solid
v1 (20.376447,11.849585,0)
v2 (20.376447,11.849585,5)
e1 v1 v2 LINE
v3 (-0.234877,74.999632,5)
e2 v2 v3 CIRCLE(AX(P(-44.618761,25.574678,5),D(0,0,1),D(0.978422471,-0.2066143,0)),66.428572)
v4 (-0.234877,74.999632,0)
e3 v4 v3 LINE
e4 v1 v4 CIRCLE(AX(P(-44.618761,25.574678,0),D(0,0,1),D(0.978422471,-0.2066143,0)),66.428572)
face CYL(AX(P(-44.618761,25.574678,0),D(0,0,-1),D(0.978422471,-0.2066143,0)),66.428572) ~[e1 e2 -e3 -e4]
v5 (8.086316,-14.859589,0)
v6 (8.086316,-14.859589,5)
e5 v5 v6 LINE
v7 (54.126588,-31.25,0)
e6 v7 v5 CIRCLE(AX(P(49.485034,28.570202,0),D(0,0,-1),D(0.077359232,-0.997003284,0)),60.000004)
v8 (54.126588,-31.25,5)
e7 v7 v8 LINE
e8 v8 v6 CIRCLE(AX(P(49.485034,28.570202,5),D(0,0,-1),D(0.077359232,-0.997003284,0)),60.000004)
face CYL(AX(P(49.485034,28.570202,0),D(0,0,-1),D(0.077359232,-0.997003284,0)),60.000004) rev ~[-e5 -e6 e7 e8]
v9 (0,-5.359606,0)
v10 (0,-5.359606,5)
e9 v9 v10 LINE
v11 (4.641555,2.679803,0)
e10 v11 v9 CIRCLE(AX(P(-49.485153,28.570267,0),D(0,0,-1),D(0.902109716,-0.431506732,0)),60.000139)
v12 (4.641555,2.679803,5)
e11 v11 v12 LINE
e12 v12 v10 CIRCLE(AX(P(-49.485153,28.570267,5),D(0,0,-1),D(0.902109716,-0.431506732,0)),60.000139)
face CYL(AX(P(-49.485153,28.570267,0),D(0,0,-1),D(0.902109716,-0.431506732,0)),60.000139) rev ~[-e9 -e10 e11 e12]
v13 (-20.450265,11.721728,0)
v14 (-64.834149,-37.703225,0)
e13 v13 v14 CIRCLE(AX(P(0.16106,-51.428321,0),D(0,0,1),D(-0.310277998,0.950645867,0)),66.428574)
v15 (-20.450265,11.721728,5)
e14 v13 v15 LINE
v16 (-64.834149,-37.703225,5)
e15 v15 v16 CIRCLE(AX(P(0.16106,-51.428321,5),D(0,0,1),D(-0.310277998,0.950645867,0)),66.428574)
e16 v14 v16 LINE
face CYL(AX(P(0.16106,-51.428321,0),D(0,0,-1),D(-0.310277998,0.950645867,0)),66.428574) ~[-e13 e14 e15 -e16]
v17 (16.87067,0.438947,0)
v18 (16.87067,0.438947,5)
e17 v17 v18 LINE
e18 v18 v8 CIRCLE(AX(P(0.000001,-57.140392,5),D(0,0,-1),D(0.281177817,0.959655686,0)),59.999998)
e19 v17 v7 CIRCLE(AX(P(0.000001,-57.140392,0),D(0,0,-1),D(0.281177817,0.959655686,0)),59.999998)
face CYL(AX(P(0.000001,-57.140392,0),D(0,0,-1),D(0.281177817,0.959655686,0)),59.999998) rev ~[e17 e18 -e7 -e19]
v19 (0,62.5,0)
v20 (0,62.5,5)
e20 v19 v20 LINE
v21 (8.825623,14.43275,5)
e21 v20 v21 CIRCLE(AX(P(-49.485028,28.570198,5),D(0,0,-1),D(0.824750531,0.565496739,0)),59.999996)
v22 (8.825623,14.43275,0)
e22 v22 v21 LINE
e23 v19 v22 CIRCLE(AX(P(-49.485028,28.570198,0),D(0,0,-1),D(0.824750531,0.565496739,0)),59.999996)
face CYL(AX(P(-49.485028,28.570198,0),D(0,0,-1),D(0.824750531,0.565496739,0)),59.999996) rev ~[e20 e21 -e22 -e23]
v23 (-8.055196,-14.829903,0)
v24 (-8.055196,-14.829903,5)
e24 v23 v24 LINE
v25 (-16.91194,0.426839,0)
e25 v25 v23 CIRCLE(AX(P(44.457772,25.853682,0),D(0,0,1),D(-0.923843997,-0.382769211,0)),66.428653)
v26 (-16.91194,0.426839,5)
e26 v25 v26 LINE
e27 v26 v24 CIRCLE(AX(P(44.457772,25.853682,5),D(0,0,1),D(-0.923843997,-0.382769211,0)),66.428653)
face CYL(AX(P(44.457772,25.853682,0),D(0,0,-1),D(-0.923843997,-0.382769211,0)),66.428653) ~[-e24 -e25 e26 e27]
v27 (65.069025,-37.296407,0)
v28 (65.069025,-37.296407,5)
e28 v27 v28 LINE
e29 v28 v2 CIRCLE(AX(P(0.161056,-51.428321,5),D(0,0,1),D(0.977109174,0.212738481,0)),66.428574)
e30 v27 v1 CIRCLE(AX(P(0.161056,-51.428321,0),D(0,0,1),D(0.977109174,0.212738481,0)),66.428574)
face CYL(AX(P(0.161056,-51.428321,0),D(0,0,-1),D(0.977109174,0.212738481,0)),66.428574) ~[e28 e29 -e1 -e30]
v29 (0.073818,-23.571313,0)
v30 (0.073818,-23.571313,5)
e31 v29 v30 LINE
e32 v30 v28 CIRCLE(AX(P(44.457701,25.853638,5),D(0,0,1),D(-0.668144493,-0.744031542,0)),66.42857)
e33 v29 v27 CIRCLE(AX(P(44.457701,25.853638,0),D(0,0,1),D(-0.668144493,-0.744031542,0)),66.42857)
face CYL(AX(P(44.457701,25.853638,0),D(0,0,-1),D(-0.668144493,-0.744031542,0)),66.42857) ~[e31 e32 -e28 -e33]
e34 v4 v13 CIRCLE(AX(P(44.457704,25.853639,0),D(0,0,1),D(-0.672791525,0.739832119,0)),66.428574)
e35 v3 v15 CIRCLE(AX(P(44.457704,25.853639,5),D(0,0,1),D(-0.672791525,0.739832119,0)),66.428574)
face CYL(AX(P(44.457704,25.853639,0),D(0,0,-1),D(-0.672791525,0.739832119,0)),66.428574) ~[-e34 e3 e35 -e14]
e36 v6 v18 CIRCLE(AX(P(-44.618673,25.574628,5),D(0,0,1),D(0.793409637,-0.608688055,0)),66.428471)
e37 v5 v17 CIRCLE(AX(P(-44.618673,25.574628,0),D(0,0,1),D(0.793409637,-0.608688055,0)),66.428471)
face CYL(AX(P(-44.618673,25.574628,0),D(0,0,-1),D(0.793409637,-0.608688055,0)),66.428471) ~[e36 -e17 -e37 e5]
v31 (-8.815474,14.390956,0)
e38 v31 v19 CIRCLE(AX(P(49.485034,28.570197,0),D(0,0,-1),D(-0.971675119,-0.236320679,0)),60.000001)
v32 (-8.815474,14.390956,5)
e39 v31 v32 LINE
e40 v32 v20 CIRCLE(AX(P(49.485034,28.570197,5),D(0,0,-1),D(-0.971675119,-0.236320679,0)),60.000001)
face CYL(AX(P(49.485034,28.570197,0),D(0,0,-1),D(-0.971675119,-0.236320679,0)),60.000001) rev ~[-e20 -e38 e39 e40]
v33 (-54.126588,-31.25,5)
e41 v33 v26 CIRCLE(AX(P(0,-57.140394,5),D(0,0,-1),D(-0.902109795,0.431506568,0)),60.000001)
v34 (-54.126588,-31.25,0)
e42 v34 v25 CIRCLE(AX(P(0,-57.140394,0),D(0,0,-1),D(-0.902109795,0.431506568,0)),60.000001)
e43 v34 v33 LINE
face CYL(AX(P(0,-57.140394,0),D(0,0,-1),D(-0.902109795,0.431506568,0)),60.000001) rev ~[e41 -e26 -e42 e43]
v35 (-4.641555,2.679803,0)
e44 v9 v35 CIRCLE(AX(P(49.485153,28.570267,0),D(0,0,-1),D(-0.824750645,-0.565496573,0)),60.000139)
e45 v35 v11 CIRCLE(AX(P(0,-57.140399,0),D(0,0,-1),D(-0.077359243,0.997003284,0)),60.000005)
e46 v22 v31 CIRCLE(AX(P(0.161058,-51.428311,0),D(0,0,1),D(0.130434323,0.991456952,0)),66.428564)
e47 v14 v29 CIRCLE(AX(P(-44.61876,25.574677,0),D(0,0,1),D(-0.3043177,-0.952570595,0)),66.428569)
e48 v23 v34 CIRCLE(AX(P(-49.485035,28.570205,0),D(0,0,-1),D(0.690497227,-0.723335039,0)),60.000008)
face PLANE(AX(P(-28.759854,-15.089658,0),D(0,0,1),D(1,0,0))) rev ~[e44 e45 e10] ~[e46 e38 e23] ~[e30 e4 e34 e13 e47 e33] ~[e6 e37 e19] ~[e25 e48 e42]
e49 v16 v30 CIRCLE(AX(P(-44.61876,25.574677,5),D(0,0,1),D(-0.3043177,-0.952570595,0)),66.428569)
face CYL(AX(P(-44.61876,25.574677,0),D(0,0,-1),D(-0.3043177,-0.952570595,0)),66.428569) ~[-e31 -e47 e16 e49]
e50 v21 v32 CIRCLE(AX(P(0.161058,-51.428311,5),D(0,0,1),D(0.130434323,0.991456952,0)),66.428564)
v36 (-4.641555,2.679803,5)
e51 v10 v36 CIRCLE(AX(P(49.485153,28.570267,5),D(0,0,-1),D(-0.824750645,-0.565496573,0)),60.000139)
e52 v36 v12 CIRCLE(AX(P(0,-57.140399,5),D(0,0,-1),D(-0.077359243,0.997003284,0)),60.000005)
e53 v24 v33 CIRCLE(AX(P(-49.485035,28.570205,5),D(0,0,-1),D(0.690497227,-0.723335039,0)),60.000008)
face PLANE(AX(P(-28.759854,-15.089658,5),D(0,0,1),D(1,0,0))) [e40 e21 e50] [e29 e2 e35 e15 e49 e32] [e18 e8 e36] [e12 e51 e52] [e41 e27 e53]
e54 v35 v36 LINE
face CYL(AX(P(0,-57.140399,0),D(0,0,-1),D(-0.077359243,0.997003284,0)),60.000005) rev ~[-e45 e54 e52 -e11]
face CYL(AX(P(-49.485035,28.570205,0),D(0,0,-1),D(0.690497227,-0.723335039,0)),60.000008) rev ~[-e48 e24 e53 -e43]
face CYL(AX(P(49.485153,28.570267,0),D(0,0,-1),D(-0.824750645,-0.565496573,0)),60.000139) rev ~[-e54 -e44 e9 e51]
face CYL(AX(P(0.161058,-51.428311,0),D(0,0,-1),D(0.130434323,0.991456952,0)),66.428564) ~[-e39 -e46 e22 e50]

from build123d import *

# Parameters (mm, degrees)
F1_DEPTH = 5


with BuildPart() as f1:
    # F0 (on Top) → F1 (new body)
    with BuildSketch(Plane.XY):
        with BuildLine():
            ThreePointArc((-20.450265, 11.721728), (-49.263895, -7.044436), (-64.834149, -37.703225))
            ThreePointArc((-64.834149, -37.703225), (-30.486848, -39.333288), (0.073818, -23.571313))
            ThreePointArc((0.073818, -23.571313), (-4.187438, -19.383573), (-8.055196, -14.829903))
            ThreePointArc((-8.055196, -14.829903), (-29.341813, -27.947505), (-54.126588, -31.25))
            ThreePointArc((-54.126588, -31.25), (-38.890534, -11.450938), (-16.91194, 0.426839))
            ThreePointArc((-16.91194, 0.426839), (-10.835462, 1.873102), (-4.641555, 2.679803))
            ThreePointArc((-4.641555, 2.679803), (0, 2.859606), (4.641555, 2.679803))
            ThreePointArc((4.641555, 2.679803), (7.039885, 8.447234), (8.825623, 14.43275))
            ThreePointArc((8.825623, 14.43275), (0.003681, 15.000066), (-8.815474, 14.390956))
            ThreePointArc((-8.815474, 14.390956), (-14.692948, 13.318214), (-20.450265, 11.721728))
        make_face()
        with BuildLine():
            ThreePointArc((20.376447, 11.849585), (18.531287, 46.186002), (-0.234877, 74.999632))
            ThreePointArc((-0.234877, 74.999632), (-18.820202, 46.069029), (-20.450265, 11.721728))
            ThreePointArc((-20.450265, 11.721728), (-14.692948, 13.318214), (-8.815474, 14.390956))
            ThreePointArc((-8.815474, 14.390956), (-9.532343, 39.384508), (0, 62.5))
            ThreePointArc((0, 62.5), (9.528464, 39.405659), (8.825623, 14.43275))
            ThreePointArc((8.825623, 14.43275), (7.039885, 8.447234), (4.641555, 2.679803))
            ThreePointArc((4.641555, 2.679803), (2.476491, -1.429803), (0, -5.359606))
            ThreePointArc((0, -5.359606), (3.795577, -10.320337), (8.086316, -14.859589))
            ThreePointArc((8.086316, -14.859589), (12.988598, -7.503221), (16.87067, 0.438947))
            ThreePointArc((16.87067, 0.438947), (18.880386, 6.065359), (20.376447, 11.849585))
        make_face()
        with BuildLine():
            ThreePointArc((0.073818, -23.571313), (30.732608, -39.141567), (65.069025, -37.296407))
            ThreePointArc((65.069025, -37.296407), (49.30705, -6.735741), (20.376447, 11.849585))
            ThreePointArc((20.376447, 11.849585), (18.880386, 6.065359), (16.87067, 0.438947))
            ThreePointArc((16.87067, 0.438947), (38.874156, -11.437002), (54.126588, -31.25))
            ThreePointArc((54.126588, -31.25), (29.36207, -27.954721), (8.086316, -14.859589))
            ThreePointArc((8.086316, -14.859589), (3.795577, -10.320337), (0, -5.359606))
            ThreePointArc((0, -5.359606), (-2.476491, -1.429803), (-4.641555, 2.679803))
            ThreePointArc((-4.641555, 2.679803), (-10.835462, 1.873102), (-16.91194, 0.426839))
            ThreePointArc((-16.91194, 0.426839), (-12.992278, -7.496845), (-8.055196, -14.829903))
            ThreePointArc((-8.055196, -14.829903), (-4.187438, -19.383573), (0.073818, -23.571313))
        make_face()
    extrude(amount=F1_DEPTH)


solid = f1.part
